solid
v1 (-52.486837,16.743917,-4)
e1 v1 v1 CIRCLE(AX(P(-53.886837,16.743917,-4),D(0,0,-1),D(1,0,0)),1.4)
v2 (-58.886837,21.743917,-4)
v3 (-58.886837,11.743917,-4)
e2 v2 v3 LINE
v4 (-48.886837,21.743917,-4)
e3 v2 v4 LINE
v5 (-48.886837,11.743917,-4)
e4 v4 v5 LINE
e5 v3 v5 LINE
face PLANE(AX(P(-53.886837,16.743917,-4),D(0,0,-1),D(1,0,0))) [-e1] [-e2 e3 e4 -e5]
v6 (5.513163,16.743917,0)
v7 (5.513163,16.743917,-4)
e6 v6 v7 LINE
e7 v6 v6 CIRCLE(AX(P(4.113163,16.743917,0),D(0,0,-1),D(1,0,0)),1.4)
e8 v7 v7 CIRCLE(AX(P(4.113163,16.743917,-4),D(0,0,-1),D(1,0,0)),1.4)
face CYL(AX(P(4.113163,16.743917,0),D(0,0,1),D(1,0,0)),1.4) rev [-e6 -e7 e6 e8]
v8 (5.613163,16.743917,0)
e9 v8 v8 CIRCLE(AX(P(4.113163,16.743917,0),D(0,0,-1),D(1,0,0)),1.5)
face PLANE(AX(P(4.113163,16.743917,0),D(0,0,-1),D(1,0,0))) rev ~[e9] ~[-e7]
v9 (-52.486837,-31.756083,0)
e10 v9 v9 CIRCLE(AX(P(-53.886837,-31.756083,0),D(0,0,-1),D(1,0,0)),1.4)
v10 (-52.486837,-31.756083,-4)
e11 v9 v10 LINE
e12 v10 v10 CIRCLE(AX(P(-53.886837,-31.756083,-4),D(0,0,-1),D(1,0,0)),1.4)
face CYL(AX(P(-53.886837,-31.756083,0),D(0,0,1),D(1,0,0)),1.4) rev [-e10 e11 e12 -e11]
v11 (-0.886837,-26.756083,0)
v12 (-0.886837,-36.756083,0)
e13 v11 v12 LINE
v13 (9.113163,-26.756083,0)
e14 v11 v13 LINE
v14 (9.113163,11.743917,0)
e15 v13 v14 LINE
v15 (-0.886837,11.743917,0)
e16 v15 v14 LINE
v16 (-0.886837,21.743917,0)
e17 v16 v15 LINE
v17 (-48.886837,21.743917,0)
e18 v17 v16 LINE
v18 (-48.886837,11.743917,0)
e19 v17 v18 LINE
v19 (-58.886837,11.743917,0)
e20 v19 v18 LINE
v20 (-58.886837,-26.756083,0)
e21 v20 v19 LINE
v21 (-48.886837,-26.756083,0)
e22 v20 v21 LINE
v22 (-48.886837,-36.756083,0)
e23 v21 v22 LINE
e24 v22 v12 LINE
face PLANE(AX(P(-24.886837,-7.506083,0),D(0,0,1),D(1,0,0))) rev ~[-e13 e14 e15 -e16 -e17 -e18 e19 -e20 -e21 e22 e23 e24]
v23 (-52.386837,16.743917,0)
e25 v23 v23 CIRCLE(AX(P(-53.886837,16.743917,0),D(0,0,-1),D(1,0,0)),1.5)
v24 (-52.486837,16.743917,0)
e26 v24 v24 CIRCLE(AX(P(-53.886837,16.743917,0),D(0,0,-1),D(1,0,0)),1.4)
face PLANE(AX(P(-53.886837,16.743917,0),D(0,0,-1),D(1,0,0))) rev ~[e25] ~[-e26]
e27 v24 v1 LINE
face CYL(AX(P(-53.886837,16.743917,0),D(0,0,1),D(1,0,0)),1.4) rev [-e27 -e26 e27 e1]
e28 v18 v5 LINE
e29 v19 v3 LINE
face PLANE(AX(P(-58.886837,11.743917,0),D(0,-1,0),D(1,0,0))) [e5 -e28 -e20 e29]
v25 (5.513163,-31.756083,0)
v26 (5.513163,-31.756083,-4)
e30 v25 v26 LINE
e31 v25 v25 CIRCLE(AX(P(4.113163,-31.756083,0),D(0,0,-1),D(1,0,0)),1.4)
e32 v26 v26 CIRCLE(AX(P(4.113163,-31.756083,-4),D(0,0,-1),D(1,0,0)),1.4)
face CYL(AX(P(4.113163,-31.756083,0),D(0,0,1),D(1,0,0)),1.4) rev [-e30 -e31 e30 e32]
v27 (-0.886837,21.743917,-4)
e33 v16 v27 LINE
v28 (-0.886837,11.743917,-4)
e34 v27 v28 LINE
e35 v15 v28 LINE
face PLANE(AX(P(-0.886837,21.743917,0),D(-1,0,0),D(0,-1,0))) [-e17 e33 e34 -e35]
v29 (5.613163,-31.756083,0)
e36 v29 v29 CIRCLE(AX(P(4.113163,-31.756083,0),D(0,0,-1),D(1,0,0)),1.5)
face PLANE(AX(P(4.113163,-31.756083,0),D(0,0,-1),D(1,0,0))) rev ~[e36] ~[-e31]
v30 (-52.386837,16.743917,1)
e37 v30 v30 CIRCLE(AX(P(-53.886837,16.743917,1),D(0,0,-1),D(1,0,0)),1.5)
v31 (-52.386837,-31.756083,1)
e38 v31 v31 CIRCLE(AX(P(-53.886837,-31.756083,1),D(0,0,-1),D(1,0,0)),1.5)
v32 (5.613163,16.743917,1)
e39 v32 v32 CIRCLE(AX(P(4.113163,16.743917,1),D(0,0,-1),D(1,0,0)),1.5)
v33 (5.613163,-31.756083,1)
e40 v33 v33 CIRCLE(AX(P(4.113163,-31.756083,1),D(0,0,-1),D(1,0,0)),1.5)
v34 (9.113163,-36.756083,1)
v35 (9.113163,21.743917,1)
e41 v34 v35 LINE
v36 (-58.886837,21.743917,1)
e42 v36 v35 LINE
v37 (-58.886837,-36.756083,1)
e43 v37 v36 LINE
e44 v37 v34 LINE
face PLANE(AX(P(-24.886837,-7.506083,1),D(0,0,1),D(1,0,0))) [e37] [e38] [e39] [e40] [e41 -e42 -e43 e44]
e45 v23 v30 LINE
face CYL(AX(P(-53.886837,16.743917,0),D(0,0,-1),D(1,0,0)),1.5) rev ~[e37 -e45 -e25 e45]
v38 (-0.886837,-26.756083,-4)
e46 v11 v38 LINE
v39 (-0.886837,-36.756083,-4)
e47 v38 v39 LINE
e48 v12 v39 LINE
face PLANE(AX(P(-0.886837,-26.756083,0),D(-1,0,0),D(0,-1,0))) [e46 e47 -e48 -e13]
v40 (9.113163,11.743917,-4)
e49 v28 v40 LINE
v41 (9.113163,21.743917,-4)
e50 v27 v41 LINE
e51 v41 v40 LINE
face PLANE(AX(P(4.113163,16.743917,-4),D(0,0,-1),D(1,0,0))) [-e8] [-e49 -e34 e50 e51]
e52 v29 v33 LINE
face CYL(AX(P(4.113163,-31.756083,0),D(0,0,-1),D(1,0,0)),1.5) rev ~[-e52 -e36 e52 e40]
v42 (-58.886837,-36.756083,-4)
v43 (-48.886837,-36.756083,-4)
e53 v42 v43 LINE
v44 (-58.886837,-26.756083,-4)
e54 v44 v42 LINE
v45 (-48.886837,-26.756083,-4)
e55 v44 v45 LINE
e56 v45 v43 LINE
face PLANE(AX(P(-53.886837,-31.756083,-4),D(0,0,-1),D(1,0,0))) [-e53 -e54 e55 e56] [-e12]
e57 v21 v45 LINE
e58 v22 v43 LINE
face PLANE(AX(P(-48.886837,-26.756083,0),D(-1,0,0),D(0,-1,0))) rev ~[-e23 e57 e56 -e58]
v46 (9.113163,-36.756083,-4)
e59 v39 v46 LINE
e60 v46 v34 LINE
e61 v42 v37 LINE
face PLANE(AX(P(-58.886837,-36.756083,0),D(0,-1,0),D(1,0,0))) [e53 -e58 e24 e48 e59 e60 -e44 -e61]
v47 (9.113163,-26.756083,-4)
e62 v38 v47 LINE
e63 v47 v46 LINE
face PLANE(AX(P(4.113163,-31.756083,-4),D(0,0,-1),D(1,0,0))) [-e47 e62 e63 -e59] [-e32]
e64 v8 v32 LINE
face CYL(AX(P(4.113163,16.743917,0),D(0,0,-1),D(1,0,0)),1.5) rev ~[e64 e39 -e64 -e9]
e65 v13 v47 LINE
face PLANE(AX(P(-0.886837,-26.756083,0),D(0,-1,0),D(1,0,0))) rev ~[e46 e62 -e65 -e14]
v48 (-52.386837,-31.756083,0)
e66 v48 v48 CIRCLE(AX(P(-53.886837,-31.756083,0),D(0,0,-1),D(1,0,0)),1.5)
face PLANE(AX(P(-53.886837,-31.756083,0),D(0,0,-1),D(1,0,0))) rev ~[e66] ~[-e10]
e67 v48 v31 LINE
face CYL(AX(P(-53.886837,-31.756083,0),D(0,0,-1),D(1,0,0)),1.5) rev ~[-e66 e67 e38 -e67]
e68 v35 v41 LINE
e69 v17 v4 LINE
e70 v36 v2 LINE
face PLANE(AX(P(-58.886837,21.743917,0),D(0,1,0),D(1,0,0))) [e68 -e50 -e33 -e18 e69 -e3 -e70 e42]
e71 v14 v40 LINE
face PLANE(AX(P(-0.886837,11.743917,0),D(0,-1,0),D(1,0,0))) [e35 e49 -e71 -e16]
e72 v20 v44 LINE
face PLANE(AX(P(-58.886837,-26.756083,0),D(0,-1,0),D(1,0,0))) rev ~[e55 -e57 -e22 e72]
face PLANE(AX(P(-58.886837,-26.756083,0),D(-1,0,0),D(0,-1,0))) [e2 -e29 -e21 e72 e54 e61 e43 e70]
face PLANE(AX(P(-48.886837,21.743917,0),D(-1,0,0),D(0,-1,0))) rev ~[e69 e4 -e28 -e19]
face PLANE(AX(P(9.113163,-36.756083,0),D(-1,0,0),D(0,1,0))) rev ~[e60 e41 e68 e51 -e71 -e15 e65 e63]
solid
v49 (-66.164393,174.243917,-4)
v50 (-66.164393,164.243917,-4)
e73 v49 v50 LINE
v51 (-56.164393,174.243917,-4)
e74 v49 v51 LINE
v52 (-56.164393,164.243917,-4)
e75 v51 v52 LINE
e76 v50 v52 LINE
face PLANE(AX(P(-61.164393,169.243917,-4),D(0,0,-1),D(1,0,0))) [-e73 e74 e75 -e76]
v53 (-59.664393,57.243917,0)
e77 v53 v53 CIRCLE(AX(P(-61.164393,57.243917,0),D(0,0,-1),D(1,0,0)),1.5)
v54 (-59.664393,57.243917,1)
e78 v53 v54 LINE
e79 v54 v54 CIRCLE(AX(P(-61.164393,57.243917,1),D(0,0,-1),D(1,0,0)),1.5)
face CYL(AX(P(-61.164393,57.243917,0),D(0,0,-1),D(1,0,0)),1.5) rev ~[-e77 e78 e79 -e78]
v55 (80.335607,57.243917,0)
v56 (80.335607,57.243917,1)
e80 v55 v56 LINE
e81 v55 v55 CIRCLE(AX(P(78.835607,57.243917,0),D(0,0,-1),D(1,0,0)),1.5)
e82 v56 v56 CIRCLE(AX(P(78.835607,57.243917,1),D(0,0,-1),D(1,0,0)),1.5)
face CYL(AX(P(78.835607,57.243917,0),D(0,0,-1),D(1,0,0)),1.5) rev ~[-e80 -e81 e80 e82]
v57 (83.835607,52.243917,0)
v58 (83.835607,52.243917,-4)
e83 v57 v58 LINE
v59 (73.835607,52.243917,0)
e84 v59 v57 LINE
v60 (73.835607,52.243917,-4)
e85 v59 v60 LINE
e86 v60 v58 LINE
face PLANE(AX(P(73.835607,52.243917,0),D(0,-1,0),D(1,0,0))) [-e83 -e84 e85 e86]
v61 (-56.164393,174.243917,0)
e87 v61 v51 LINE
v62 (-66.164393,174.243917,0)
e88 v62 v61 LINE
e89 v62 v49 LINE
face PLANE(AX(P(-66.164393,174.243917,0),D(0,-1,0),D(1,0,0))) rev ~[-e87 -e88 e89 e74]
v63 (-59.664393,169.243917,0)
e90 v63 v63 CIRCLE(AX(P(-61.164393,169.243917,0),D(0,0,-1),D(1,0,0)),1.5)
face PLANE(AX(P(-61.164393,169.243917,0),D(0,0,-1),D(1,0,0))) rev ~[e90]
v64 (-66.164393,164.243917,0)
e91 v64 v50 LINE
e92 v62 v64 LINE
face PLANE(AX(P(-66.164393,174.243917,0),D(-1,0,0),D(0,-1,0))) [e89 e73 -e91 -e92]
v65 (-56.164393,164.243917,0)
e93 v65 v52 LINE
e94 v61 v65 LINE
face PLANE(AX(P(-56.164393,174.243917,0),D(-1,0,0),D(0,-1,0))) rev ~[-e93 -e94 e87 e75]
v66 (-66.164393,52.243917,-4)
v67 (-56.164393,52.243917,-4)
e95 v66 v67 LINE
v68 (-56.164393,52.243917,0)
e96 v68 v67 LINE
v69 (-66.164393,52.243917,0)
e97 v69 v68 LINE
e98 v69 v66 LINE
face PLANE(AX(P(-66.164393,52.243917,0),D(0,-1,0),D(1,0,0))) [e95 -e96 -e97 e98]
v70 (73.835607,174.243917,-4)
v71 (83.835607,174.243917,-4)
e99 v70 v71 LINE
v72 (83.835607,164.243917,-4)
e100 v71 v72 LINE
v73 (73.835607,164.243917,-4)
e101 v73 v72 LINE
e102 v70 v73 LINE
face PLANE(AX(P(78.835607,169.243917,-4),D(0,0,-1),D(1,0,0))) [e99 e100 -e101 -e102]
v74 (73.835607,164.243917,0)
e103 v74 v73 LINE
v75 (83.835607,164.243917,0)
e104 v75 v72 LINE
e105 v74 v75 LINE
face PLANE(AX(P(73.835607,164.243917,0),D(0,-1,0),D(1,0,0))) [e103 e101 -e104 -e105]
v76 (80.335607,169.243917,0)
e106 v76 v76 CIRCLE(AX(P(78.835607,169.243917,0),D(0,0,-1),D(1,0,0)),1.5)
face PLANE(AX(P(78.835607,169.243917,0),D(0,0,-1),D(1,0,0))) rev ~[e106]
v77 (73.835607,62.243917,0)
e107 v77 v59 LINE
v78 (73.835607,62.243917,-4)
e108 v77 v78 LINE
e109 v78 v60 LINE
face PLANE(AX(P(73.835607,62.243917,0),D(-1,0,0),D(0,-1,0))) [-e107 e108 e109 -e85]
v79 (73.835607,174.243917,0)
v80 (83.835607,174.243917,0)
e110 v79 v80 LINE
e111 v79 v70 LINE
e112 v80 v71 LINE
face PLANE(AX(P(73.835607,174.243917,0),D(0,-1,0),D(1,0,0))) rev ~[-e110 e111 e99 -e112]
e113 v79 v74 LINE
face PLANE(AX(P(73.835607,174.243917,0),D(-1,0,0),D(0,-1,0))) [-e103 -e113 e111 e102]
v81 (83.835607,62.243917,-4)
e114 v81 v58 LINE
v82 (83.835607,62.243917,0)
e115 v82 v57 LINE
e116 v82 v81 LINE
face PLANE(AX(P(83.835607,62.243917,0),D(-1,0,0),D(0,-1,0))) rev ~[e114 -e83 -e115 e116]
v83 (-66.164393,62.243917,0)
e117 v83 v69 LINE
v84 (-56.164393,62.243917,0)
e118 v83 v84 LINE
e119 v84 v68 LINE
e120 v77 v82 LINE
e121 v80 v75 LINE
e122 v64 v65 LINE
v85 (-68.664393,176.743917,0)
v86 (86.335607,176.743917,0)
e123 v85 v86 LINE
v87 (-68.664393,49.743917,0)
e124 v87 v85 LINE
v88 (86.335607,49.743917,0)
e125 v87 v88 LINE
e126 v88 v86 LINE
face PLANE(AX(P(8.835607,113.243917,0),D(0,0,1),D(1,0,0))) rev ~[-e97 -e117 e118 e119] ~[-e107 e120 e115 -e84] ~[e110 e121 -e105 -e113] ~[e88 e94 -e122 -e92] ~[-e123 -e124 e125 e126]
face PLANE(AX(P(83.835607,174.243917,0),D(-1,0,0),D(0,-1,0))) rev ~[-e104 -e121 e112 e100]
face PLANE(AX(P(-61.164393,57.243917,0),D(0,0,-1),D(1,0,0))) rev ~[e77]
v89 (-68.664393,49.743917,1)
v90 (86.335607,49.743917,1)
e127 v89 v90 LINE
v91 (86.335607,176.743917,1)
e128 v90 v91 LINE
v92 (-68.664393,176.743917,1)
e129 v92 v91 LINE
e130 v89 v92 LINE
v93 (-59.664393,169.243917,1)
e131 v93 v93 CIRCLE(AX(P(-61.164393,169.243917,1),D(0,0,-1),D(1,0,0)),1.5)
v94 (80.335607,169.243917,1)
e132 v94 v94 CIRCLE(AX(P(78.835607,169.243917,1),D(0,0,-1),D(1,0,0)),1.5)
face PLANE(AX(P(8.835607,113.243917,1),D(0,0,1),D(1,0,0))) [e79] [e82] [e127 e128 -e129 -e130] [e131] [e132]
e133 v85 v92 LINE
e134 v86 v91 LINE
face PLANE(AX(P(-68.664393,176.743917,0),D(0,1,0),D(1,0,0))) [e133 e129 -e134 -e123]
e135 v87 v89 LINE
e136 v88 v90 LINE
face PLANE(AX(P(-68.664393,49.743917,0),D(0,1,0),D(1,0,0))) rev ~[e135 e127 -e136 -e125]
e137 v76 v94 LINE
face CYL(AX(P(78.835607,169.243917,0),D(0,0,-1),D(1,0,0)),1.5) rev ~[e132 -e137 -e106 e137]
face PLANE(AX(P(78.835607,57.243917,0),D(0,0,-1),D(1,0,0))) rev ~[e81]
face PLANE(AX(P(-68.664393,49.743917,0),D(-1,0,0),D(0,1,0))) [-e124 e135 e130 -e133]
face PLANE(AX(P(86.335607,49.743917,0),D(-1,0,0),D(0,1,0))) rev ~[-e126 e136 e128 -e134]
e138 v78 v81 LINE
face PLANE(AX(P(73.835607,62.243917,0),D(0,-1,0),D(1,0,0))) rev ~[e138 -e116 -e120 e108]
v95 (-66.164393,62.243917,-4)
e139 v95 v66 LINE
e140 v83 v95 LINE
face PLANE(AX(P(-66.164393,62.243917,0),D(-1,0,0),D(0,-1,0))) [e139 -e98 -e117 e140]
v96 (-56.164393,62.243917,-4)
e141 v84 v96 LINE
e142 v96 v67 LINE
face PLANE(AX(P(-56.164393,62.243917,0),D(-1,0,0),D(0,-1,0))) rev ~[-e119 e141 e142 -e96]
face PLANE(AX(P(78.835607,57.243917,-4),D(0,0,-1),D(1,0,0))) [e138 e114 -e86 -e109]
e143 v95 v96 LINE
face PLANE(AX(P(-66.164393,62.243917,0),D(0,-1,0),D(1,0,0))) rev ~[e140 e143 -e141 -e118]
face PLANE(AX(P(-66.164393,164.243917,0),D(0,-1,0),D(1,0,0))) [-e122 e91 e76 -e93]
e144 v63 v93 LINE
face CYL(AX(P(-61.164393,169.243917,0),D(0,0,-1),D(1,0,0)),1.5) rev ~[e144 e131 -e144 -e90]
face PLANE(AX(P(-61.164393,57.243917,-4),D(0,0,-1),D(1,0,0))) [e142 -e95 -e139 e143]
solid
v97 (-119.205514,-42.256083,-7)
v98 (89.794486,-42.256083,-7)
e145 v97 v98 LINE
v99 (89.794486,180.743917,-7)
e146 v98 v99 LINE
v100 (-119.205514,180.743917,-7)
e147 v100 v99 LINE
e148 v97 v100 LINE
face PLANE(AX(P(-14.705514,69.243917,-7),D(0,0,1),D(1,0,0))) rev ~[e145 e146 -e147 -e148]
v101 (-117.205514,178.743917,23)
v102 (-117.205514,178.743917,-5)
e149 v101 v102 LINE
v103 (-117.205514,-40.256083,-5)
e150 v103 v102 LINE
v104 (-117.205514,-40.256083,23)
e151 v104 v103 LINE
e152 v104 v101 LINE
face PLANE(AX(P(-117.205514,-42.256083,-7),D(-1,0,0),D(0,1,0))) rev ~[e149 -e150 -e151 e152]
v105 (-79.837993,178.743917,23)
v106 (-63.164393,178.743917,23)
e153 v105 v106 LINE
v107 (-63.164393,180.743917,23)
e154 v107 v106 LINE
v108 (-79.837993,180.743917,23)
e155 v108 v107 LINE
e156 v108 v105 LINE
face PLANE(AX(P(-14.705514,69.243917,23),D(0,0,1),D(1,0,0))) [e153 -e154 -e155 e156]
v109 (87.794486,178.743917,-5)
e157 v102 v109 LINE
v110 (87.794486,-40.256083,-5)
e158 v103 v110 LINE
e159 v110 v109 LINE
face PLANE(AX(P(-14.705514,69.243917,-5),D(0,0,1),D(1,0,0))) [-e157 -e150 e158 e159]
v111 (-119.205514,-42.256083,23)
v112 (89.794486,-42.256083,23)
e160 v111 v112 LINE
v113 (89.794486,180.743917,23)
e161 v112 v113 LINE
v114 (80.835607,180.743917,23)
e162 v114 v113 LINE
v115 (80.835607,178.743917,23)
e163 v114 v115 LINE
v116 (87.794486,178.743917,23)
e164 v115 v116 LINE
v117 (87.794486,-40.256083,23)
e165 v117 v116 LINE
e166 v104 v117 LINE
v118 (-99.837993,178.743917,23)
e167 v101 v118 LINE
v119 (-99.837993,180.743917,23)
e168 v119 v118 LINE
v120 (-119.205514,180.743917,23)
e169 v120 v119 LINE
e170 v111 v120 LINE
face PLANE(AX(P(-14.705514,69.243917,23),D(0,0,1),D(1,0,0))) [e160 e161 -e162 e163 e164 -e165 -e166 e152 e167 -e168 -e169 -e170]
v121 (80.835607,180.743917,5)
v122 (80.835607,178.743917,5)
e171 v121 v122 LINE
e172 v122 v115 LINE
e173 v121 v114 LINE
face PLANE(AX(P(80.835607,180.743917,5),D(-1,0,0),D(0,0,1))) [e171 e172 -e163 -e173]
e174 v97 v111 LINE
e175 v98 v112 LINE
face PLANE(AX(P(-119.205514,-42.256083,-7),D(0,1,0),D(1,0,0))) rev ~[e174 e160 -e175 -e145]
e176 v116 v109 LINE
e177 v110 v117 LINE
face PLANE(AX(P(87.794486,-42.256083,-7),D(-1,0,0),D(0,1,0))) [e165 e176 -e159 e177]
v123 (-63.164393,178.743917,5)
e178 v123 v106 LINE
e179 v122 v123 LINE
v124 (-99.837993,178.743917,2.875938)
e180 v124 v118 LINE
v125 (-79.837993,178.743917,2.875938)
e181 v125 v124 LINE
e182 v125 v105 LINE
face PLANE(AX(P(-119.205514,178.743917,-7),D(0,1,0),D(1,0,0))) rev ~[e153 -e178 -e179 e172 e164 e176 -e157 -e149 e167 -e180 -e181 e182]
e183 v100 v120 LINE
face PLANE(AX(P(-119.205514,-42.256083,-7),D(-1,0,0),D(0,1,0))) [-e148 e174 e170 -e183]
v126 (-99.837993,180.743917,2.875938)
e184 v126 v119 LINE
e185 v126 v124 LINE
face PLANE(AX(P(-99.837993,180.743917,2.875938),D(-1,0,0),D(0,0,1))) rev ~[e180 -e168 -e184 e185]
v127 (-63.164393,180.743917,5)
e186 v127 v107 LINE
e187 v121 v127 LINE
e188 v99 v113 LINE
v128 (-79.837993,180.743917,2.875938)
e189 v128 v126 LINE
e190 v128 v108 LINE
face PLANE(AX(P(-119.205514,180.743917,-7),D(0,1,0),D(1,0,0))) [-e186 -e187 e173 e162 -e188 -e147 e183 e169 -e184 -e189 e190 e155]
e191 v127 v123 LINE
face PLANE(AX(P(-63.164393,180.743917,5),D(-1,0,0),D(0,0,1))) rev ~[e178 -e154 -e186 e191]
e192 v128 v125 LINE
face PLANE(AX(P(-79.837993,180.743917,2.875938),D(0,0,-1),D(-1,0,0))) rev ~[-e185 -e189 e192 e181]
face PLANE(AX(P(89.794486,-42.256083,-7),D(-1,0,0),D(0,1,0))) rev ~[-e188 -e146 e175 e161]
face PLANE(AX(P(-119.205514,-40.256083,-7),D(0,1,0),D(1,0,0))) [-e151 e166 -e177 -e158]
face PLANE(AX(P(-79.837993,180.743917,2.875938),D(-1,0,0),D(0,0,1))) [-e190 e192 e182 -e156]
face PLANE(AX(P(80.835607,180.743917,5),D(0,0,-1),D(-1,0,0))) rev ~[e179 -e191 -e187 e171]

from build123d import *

# Parameters (mm, degrees)
F0_W       = 68
F0_H       = 58.5
F1_DEPTH   = 1
F0_W_2     = 155
F0_H_2     = 127
F2_W       = 10
F2_H       = 10
F2_R       = 1.4
F3_DEPTH   = 4
F4_D       = 3
F4_DEPTH   = 3
F4_TIP     = 0.9012909285
F4_2_D     = 3
F4_2_DEPTH = 3
F4_2_TIP   = 0.9012909285
F6_W       = 209
F6_H       = 223
F7_DEPTH   = 30
F8_T       = -2
F9_W       = 144
F9_H       = 18
F9_W_2     = 20
F9_H_2     = 20.1240624189
F10_DEPTH  = 2


with BuildPart() as f1:
    # F0 (on Top) → F1 (new body)
    with BuildSketch(Plane.XY):
        with Locations((-24.8868372291, -7.5060833693)):
            Rectangle(F0_W, F0_H)
    extrude(amount=F1_DEPTH)

    # F2 (on face) → F3 (join)
    with BuildSketch(Plane(origin=(0, 0, 0), x_dir=(1, 0, 0), z_dir=(0, 0, -1))):
        with Locations((-53.8868372291, 31.7560833693)):
            Rectangle(F2_W, F2_H)
        with Locations((-53.8868372291, 31.7560833693)):
            Circle(F2_R, mode=Mode.SUBTRACT)
        with Locations((4.1131627709, 31.7560833693)):
            Rectangle(F2_W, F2_H)
        with Locations((4.1131627709, 31.7560833693)):
            Circle(F2_R, mode=Mode.SUBTRACT)
        with Locations((-53.8868372291, -16.7439166307)):
            Rectangle(F2_W, F2_H)
        with Locations((-53.8868372291, -16.7439166307)):
            Circle(F2_R, mode=Mode.SUBTRACT)
        with Locations((4.1131627709, -16.7439166307)):
            Rectangle(F2_W, F2_H)
        with Locations((4.1131627709, -16.7439166307)):
            Circle(F2_R, mode=Mode.SUBTRACT)
    extrude(amount=F3_DEPTH)

    # F4 (one way)
    with BuildSketch(Plane(origin=(0, 0, 0), x_dir=(1, 0, 0), z_dir=(0, 0, -1))):
        with Locations((-53.8868372291, 31.7560833693), (-53.8868372291, -16.7439166307), (4.1131627709, -16.7439166307), (4.1131627709, 31.7560833693), (-61.1643928289, -169.2439166307), (-61.1643928289, -57.2439166307), (78.8356071711, -57.2439166307), (78.8356071711, -169.2439166307)):
            Circle(F4_D / 2)
    extrude(amount=-F4_DEPTH, mode=Mode.SUBTRACT)
    with Locations(Plane(origin=(0, 0, 0), x_dir=(1, 0, 0), z_dir=(0, 0, -1))):
        with Locations((-53.8868372291, 31.7560833693), (-53.8868372291, -16.7439166307), (4.1131627709, -16.7439166307), (4.1131627709, 31.7560833693), (-61.1643928289, -169.2439166307), (-61.1643928289, -57.2439166307), (78.8356071711, -57.2439166307), (78.8356071711, -169.2439166307)):
            with Locations((0, 0, -(F4_DEPTH + F4_TIP / 2))):  # 118° drill point
                Cone(0, F4_D / 2, F4_TIP, mode=Mode.SUBTRACT)


with BuildPart() as f1b:
    # F0 (on Top) → F1, piece 2 (new body)
    with BuildSketch(Plane.XY):
        with Locations((8.8356071711, 113.2439166307)):
            Rectangle(F0_W_2, F0_H_2)
    extrude(amount=F1_DEPTH)

    # F2 (on face) → F3, piece 2 (join)
    with BuildSketch(Plane(origin=(0, 0, 0), x_dir=(1, 0, 0), z_dir=(0, 0, -1))):
        with Locations((-61.1643928289, -169.2439166307)):
            Rectangle(F2_W, F2_H)
        with Locations((78.8356071711, -169.2439166307)):
            Rectangle(F2_W, F2_H)
        with Locations((-61.1643928289, -57.2439166307)):
            Rectangle(F2_W, F2_H)
        with Locations((78.8356071711, -57.2439166307)):
            Rectangle(F2_W, F2_H)
    extrude(amount=F3_DEPTH)

    # F4#2 (one way)
    with BuildSketch(Plane(origin=(0, 0, 0), x_dir=(1, 0, 0), z_dir=(0, 0, -1))):
        with Locations((-53.8868372291, 31.7560833693), (-53.8868372291, -16.7439166307), (4.1131627709, -16.7439166307), (4.1131627709, 31.7560833693), (-61.1643928289, -169.2439166307), (-61.1643928289, -57.2439166307), (78.8356071711, -57.2439166307), (78.8356071711, -169.2439166307)):
            Circle(F4_2_D / 2)
    extrude(amount=-F4_2_DEPTH, mode=Mode.SUBTRACT)
    with Locations(Plane(origin=(0, 0, 0), x_dir=(1, 0, 0), z_dir=(0, 0, -1))):
        with Locations((-53.8868372291, 31.7560833693), (-53.8868372291, -16.7439166307), (4.1131627709, -16.7439166307), (4.1131627709, 31.7560833693), (-61.1643928289, -169.2439166307), (-61.1643928289, -57.2439166307), (78.8356071711, -57.2439166307), (78.8356071711, -169.2439166307)):
            with Locations((0, 0, -(F4_2_DEPTH + F4_2_TIP / 2))):  # 118° drill point
                Cone(0, F4_2_D / 2, F4_2_TIP, mode=Mode.SUBTRACT)


with BuildPart() as f7:
    # F6 (on offset) → F7 (new body)
    with BuildSketch(Plane.XY.offset(-7)):
        with Locations((-14.7055135965, 69.2439166307)):
            Rectangle(F6_W, F6_H)
    extrude(amount=F7_DEPTH)

    # F8
    f8_openings = [f7.faces().sort_by_distance(p)[0] for p in [
        (-14.705514, 69.243917, 23),
    ]]
    offset(amount=F8_T, openings=f8_openings)

    # F9 (on face) → F10 (cut)
    with BuildSketch(Plane(origin=(0, 180.7439166307, 0), x_dir=(-1, 0, 0), z_dir=(0, 1, 0))):
        with Locations((-8.8356071711, 14)):
            Rectangle(F9_W, F9_H)
        with Locations((89.8379927874, 12.9379687905)):
            Rectangle(F9_W_2, F9_H_2)
    extrude(amount=-F10_DEPTH, mode=Mode.SUBTRACT)


solid = Compound([f1.part, f1b.part, f7.part])
